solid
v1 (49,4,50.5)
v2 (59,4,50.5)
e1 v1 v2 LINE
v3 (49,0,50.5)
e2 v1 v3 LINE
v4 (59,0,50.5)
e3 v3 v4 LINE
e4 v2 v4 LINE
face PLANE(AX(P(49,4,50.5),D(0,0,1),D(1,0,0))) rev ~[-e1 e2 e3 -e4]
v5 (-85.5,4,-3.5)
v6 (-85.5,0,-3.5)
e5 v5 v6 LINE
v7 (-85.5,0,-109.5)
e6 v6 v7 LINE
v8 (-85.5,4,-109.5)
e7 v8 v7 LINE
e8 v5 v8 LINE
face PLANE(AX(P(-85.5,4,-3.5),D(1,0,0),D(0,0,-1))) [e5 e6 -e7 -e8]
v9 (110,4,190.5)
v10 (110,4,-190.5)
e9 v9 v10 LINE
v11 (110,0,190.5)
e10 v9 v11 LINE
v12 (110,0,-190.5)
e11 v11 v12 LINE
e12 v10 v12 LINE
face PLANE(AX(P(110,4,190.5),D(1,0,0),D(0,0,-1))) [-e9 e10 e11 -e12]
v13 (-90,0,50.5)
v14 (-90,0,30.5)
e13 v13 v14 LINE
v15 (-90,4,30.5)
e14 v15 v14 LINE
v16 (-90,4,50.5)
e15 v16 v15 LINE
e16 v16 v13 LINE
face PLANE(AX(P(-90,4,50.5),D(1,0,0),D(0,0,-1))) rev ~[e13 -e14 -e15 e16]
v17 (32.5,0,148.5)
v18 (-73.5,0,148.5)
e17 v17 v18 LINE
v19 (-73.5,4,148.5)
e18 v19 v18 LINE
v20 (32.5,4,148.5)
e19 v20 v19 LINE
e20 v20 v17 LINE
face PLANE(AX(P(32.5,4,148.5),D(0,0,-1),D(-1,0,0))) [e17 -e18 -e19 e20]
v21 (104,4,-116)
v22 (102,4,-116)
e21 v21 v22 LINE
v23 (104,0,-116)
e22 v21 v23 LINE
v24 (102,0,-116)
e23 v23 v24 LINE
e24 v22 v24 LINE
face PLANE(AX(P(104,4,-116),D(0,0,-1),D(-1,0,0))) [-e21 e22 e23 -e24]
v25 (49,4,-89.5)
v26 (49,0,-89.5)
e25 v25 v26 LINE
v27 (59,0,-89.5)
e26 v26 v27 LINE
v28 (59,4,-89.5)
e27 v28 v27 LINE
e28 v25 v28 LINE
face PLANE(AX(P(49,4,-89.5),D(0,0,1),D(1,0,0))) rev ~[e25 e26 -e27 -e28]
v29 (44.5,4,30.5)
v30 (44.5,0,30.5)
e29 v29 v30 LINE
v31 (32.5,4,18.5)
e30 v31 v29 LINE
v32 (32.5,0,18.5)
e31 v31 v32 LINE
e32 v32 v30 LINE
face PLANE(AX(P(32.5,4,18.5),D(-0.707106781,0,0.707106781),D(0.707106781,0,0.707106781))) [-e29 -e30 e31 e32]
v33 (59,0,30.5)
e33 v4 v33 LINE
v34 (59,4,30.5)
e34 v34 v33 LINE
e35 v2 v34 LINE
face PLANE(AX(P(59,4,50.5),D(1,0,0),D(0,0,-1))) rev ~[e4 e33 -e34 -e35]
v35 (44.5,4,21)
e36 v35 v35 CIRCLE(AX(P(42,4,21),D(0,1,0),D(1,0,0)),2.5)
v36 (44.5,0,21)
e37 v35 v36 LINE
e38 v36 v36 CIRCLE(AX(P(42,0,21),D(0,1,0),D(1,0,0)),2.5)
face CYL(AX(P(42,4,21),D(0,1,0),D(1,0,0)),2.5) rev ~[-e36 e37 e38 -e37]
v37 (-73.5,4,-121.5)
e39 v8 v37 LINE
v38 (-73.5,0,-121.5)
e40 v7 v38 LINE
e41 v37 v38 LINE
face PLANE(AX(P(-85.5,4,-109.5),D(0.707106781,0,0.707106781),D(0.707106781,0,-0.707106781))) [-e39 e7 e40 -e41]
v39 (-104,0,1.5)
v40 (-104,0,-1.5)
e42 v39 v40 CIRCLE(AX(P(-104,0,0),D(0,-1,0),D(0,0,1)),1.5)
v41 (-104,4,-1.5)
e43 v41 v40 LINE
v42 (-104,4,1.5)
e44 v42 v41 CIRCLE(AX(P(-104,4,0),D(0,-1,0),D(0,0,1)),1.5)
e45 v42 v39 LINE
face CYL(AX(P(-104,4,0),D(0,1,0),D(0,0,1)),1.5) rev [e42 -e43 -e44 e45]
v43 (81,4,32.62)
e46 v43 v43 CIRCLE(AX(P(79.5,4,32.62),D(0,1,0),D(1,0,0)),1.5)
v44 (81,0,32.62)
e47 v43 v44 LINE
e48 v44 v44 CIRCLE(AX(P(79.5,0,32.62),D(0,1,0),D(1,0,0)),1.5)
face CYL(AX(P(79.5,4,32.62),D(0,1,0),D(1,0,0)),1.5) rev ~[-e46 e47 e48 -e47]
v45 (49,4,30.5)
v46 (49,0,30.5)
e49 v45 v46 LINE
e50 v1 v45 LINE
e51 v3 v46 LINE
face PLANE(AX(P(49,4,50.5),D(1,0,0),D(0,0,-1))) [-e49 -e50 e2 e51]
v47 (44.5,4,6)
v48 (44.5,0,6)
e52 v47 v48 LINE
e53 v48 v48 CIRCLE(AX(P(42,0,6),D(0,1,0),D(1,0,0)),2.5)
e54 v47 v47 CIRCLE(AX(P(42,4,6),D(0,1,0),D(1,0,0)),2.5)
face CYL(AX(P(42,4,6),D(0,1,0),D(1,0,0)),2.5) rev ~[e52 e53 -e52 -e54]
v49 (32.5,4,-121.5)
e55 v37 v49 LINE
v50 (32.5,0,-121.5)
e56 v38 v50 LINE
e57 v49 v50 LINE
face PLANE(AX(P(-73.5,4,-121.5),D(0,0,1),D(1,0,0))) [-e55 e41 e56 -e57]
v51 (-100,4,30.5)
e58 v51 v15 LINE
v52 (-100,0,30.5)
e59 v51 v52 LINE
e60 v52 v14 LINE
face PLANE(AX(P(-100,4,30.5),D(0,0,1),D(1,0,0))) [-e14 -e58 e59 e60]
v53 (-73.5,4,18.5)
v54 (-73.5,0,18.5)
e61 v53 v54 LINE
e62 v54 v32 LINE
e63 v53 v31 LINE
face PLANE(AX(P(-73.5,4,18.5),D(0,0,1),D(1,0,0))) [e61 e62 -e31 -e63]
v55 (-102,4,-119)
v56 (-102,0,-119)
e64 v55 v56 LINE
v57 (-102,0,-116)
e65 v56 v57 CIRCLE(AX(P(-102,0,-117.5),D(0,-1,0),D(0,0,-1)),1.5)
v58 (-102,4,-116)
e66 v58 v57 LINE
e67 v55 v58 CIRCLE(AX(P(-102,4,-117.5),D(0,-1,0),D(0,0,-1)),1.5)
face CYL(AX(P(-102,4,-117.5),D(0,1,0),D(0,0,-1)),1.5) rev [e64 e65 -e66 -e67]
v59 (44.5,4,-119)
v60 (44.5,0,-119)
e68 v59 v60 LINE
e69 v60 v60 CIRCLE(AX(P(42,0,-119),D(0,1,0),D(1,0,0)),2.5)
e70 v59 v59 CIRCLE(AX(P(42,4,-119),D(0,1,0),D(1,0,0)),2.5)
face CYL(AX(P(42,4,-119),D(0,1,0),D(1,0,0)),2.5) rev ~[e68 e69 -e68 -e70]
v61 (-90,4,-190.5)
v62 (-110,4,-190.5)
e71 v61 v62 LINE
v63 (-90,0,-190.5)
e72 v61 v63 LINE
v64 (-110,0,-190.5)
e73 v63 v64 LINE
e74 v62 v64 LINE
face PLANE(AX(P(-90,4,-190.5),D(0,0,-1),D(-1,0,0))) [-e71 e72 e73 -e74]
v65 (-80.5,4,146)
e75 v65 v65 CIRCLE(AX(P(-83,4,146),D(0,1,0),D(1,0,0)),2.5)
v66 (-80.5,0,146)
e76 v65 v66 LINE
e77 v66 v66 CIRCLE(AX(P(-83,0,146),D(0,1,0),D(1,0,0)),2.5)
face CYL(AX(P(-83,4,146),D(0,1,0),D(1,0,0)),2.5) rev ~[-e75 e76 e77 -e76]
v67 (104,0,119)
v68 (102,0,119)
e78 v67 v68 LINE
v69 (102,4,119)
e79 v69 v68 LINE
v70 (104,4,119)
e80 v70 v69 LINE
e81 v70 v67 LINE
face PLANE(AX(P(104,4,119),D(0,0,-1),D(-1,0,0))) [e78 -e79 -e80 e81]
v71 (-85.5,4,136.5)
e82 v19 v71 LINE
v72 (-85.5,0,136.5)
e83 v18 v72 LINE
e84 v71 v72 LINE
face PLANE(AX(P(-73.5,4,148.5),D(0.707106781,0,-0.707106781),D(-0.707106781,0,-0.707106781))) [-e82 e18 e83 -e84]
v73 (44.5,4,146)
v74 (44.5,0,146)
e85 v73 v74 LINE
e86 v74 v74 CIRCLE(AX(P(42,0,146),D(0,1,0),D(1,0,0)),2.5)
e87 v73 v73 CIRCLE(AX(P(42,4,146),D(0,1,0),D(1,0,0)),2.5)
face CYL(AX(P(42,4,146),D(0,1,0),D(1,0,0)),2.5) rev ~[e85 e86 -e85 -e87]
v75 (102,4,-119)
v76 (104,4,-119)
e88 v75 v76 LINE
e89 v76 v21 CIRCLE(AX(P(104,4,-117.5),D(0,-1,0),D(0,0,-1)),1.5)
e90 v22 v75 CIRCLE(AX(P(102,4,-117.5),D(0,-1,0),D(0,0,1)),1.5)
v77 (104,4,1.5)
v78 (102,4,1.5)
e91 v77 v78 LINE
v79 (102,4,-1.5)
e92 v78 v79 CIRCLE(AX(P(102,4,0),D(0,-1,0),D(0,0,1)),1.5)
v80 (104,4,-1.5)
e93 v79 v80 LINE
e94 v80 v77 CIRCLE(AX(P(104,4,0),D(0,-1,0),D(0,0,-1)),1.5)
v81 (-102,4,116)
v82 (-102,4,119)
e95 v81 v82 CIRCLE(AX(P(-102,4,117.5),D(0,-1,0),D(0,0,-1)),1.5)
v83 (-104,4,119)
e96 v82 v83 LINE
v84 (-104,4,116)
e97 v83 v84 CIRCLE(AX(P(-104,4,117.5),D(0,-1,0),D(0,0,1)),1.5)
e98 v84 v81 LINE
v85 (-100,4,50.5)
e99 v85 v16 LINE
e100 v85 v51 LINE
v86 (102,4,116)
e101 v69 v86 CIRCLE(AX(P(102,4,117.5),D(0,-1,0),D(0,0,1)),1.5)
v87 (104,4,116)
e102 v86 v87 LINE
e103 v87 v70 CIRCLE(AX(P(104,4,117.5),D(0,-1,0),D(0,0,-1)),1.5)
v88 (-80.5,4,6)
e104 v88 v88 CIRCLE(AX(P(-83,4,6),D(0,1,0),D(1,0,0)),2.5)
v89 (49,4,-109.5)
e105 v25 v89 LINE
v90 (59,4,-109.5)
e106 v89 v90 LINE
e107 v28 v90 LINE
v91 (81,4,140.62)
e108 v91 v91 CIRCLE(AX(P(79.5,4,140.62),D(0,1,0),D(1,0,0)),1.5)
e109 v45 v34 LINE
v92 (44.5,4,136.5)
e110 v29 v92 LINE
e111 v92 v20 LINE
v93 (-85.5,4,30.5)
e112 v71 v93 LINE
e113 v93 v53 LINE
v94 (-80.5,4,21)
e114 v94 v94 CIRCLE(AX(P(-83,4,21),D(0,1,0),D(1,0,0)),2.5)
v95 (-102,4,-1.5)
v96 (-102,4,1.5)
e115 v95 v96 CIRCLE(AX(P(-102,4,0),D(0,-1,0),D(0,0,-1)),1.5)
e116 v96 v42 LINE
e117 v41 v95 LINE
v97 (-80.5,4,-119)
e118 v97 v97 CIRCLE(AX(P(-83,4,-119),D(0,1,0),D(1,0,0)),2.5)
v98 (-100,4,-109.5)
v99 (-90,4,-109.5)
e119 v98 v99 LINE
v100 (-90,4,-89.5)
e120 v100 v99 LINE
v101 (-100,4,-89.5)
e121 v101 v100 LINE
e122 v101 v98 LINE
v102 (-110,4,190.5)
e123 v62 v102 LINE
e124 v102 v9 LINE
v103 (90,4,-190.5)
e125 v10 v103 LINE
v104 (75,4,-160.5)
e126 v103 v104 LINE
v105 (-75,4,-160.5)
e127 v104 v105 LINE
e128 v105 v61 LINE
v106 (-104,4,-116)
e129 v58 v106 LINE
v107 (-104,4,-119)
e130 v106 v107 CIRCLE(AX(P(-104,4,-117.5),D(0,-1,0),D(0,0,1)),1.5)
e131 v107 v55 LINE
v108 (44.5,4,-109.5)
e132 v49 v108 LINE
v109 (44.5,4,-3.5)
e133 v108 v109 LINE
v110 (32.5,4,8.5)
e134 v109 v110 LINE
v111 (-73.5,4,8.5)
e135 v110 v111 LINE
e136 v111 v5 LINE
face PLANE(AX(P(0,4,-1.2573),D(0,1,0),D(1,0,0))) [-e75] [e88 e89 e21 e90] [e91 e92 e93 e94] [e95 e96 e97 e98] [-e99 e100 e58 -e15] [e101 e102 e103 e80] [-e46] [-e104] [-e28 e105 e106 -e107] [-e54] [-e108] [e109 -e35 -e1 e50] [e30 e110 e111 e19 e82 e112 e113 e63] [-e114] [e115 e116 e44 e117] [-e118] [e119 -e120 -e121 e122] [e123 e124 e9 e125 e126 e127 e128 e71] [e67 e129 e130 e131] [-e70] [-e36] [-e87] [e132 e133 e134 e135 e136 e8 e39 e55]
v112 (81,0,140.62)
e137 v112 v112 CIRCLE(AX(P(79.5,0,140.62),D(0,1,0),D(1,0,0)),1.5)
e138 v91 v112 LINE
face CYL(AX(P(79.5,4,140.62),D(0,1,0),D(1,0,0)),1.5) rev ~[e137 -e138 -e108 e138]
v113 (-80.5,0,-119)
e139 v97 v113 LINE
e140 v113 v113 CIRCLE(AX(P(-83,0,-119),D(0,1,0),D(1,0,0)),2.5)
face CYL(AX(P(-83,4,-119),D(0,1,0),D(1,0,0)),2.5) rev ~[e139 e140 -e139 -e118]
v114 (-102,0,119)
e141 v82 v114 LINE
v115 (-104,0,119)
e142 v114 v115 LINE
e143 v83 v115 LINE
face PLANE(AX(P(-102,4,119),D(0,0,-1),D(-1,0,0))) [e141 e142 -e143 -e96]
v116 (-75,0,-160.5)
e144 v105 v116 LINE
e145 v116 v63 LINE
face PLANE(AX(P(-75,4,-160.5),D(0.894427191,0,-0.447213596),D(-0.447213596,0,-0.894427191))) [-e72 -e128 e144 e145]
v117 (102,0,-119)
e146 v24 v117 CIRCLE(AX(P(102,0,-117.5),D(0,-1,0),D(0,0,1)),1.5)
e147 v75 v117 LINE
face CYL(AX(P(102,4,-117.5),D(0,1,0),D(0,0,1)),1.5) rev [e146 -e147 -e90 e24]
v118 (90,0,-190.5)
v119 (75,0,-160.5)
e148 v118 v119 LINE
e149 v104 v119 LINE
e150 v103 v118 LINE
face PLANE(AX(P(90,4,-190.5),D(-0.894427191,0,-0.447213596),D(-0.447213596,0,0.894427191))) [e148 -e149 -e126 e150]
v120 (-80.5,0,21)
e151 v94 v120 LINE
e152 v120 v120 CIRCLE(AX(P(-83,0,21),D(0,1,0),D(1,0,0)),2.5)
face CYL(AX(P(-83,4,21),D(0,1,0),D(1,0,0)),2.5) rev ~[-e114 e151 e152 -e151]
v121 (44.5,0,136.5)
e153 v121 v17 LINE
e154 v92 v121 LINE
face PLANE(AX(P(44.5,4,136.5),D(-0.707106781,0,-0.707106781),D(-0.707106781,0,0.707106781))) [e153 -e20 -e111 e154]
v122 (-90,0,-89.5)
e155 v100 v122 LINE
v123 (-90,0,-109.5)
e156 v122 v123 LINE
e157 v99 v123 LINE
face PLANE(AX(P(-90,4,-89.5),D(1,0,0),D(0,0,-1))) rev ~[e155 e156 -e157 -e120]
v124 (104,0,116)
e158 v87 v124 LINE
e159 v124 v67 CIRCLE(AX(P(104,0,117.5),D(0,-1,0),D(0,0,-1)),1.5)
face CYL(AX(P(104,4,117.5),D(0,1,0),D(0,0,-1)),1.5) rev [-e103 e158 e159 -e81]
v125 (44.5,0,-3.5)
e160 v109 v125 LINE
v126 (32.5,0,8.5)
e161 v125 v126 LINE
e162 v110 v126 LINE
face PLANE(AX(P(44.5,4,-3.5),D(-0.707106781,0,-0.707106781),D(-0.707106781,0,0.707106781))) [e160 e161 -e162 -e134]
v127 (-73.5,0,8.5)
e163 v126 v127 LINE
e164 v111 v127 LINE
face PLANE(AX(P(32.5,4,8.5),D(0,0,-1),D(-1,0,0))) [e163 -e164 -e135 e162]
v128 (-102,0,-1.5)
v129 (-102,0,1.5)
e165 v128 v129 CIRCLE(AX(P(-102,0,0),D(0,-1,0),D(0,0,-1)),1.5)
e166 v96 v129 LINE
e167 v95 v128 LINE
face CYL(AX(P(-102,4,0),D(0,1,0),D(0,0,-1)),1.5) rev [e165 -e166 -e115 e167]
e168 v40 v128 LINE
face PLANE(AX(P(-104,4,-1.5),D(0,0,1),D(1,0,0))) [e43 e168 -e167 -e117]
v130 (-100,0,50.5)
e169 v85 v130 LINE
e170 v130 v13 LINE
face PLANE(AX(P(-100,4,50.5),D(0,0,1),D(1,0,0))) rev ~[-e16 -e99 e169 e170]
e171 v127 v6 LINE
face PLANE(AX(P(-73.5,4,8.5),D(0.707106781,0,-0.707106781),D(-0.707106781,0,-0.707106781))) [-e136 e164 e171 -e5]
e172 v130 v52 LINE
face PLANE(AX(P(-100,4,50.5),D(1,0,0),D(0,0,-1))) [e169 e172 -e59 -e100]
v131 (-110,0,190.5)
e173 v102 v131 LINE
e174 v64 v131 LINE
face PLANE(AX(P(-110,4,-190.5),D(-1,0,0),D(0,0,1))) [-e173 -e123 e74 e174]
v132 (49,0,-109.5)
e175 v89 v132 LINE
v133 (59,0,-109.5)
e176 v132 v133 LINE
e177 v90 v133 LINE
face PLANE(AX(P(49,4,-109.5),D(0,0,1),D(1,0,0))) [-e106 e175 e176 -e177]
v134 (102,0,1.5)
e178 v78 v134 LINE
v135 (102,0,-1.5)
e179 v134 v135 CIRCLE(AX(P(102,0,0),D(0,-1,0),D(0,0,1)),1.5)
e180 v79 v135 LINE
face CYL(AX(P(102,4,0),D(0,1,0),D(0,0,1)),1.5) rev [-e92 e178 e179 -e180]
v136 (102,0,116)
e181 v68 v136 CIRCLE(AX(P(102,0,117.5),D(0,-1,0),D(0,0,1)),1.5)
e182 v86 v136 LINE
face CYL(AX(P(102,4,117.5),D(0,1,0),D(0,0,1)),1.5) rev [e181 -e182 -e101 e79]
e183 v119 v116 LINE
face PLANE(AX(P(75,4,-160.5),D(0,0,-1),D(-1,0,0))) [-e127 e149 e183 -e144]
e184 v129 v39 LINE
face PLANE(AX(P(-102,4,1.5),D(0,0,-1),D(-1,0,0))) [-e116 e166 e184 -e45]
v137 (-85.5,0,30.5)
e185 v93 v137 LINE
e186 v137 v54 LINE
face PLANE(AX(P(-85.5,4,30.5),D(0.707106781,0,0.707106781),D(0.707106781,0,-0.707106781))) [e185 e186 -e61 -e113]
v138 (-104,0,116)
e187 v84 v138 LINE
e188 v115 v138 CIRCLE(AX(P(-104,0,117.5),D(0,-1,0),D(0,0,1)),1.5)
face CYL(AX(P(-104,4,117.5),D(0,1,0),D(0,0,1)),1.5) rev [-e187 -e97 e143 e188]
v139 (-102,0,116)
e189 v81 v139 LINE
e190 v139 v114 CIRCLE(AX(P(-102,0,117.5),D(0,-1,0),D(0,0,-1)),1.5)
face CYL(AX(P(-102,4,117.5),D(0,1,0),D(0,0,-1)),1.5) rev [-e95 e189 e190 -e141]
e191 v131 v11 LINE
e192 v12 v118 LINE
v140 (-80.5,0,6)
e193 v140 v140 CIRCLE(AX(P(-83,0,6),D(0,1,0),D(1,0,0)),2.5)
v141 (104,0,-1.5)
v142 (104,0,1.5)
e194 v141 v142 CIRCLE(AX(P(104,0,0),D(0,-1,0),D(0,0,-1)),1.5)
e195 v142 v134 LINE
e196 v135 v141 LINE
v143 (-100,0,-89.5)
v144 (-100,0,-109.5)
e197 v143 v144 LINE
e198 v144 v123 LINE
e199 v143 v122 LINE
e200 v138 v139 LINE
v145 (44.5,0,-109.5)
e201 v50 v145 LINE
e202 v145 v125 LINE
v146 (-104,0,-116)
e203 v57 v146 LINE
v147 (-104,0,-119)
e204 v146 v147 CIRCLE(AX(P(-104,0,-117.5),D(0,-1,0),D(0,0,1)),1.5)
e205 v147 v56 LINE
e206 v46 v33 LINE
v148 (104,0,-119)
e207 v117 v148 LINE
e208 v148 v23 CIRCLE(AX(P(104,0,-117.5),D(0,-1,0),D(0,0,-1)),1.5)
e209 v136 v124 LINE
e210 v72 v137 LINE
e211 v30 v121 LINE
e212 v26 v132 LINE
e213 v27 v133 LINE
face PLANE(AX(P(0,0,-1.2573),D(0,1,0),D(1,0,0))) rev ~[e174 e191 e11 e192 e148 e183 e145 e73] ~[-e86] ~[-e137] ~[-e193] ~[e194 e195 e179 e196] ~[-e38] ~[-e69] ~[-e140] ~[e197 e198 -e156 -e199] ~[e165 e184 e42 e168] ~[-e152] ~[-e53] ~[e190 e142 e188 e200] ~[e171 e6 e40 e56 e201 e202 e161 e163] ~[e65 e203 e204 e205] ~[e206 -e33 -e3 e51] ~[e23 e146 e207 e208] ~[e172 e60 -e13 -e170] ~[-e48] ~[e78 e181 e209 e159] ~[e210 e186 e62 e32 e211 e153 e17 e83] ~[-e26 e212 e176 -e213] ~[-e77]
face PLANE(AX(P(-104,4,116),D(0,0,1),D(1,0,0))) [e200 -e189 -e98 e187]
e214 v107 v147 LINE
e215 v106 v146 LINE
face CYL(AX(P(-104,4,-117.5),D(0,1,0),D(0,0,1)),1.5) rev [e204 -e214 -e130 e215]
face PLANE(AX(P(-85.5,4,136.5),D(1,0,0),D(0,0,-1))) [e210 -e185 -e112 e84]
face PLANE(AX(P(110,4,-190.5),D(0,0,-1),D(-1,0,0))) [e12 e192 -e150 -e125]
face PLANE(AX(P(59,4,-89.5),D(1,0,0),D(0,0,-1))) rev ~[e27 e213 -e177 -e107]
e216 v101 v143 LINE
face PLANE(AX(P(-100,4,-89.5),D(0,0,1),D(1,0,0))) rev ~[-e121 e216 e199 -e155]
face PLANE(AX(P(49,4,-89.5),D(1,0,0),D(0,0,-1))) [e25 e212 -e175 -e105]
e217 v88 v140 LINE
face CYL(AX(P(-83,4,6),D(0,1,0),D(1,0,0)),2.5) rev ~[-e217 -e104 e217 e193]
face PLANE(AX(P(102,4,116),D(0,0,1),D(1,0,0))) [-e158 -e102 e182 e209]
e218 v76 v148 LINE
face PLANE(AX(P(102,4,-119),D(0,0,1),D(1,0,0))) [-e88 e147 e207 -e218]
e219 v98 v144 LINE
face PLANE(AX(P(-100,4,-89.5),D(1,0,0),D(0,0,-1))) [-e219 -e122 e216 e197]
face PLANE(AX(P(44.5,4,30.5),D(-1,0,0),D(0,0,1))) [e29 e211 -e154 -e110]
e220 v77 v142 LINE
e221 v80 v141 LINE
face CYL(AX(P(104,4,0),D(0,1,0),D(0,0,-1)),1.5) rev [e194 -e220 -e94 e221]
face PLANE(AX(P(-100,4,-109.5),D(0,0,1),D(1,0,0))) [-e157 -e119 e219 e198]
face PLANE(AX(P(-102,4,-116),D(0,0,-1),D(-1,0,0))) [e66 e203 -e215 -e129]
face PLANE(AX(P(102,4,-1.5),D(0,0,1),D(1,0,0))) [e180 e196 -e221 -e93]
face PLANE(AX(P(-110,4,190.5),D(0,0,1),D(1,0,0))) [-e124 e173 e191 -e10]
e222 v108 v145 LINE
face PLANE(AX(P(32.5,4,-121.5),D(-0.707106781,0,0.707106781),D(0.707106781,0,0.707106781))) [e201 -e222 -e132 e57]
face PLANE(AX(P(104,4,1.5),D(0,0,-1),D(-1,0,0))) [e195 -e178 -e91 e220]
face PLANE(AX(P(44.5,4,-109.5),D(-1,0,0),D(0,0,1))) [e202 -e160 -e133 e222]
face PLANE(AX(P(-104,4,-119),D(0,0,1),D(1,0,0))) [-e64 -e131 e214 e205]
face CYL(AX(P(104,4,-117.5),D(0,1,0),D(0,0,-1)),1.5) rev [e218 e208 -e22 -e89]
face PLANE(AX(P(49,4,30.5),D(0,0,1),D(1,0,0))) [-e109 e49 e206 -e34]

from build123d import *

# Parameters (mm, degrees)
SKETCH_1_R      = 1.5
SKETCH_1_R_2    = 2.5
SKETCH_1_W      = 10
SKETCH_1_H      = 20
EXTRUDE_1_DEPTH = 4


with BuildPart() as part:
    # 草圖1 → 填料-伸長1 (new body)
    with BuildSketch(Plane(origin=(0, 4, 0), x_dir=(1, 0, 0), z_dir=(0, 1, 0))):
        Polygon((-75, 160.5), (-90, 190.5), (-110, 190.5), (-110, -190.5), (110, -190.5), (110, 190.5), (90, 190.5), (75, 160.5), align=None)
        with Locations((79.5, -32.62)):
            Circle(SKETCH_1_R, mode=Mode.SUBTRACT)
        with Locations((79.5, -140.62)):
            Circle(SKETCH_1_R, mode=Mode.SUBTRACT)
        with Locations((-83, -6)):
            Circle(SKETCH_1_R_2, mode=Mode.SUBTRACT)
        with Locations((42, -21)):
            Circle(SKETCH_1_R_2, mode=Mode.SUBTRACT)
        with Locations((42, -146)):
            Circle(SKETCH_1_R_2, mode=Mode.SUBTRACT)
        with Locations((-83, -146)):
            Circle(SKETCH_1_R_2, mode=Mode.SUBTRACT)
        with Locations((-83, 119)):
            Circle(SKETCH_1_R_2, mode=Mode.SUBTRACT)
        with Locations((42, -6)):
            Circle(SKETCH_1_R_2, mode=Mode.SUBTRACT)
        with Locations((-83, -21)):
            Circle(SKETCH_1_R_2, mode=Mode.SUBTRACT)
        with Locations((42, 119)):
            Circle(SKETCH_1_R_2, mode=Mode.SUBTRACT)
        with BuildLine():
            Line((-104, 1.5), (-102, 1.5))
            ThreePointArc((-102, 1.5), (-100.5, 0), (-102, -1.5))
            Line((-102, -1.5), (-104, -1.5))
            ThreePointArc((-104, -1.5), (-105.5, 0), (-104, 1.5))
        make_face(mode=Mode.SUBTRACT)
        with BuildLine():
            Line((102, -116), (104, -116))
            ThreePointArc((104, -116), (105.5, -117.5), (104, -119))
            Line((104, -119), (102, -119))
            ThreePointArc((102, -119), (100.5, -117.5), (102, -116))
        make_face(mode=Mode.SUBTRACT)
        with BuildLine():
            Line((102, 1.5), (104, 1.5))
            ThreePointArc((104, 1.5), (105.5, 0), (104, -1.5))
            Line((104, -1.5), (102, -1.5))
            ThreePointArc((102, -1.5), (100.5, 0), (102, 1.5))
        make_face(mode=Mode.SUBTRACT)
        with BuildLine():
            Line((102, 119), (104, 119))
            ThreePointArc((104, 119), (105.5, 117.5), (104, 116))
            Line((104, 116), (102, 116))
            ThreePointArc((102, 116), (100.5, 117.5), (102, 119))
        make_face(mode=Mode.SUBTRACT)
        with BuildLine():
            Line((-104, -116), (-102, -116))
            ThreePointArc((-102, -116), (-100.5, -117.5), (-102, -119))
            Line((-102, -119), (-104, -119))
            ThreePointArc((-104, -119), (-105.5, -117.5), (-104, -116))
        make_face(mode=Mode.SUBTRACT)
        with BuildLine():
            Line((-104, 119), (-102, 119))
            ThreePointArc((-102, 119), (-100.5, 117.5), (-102, 116))
            Line((-102, 116), (-104, 116))
            ThreePointArc((-104, 116), (-105.5, 117.5), (-104, 119))
        make_face(mode=Mode.SUBTRACT)
        Polygon((-85.5, 3.5), (-85.5, 109.5), (-73.5, 121.5), (32.5, 121.5), (44.5, 109.5), (44.5, 3.5), (32.5, -8.5), (-73.5, -8.5), align=None, mode=Mode.SUBTRACT)
        Polygon((-85.5, -30.5), (-73.5, -18.5), (32.5, -18.5), (44.5, -30.5), (44.5, -136.5), (32.5, -148.5), (-73.5, -148.5), (-85.5, -136.5), align=None, mode=Mode.SUBTRACT)
        with Locations((-95, 99.5)):
            Rectangle(SKETCH_1_W, SKETCH_1_H, mode=Mode.SUBTRACT)
        with Locations((54, 99.5)):
            Rectangle(SKETCH_1_W, SKETCH_1_H, mode=Mode.SUBTRACT)
        with Locations((54, -40.5)):
            Rectangle(SKETCH_1_W, SKETCH_1_H, mode=Mode.SUBTRACT)
        with Locations((-95, -40.5)):
            Rectangle(SKETCH_1_W, SKETCH_1_H, mode=Mode.SUBTRACT)
    extrude(amount=-EXTRUDE_1_DEPTH)


solid = part.part
